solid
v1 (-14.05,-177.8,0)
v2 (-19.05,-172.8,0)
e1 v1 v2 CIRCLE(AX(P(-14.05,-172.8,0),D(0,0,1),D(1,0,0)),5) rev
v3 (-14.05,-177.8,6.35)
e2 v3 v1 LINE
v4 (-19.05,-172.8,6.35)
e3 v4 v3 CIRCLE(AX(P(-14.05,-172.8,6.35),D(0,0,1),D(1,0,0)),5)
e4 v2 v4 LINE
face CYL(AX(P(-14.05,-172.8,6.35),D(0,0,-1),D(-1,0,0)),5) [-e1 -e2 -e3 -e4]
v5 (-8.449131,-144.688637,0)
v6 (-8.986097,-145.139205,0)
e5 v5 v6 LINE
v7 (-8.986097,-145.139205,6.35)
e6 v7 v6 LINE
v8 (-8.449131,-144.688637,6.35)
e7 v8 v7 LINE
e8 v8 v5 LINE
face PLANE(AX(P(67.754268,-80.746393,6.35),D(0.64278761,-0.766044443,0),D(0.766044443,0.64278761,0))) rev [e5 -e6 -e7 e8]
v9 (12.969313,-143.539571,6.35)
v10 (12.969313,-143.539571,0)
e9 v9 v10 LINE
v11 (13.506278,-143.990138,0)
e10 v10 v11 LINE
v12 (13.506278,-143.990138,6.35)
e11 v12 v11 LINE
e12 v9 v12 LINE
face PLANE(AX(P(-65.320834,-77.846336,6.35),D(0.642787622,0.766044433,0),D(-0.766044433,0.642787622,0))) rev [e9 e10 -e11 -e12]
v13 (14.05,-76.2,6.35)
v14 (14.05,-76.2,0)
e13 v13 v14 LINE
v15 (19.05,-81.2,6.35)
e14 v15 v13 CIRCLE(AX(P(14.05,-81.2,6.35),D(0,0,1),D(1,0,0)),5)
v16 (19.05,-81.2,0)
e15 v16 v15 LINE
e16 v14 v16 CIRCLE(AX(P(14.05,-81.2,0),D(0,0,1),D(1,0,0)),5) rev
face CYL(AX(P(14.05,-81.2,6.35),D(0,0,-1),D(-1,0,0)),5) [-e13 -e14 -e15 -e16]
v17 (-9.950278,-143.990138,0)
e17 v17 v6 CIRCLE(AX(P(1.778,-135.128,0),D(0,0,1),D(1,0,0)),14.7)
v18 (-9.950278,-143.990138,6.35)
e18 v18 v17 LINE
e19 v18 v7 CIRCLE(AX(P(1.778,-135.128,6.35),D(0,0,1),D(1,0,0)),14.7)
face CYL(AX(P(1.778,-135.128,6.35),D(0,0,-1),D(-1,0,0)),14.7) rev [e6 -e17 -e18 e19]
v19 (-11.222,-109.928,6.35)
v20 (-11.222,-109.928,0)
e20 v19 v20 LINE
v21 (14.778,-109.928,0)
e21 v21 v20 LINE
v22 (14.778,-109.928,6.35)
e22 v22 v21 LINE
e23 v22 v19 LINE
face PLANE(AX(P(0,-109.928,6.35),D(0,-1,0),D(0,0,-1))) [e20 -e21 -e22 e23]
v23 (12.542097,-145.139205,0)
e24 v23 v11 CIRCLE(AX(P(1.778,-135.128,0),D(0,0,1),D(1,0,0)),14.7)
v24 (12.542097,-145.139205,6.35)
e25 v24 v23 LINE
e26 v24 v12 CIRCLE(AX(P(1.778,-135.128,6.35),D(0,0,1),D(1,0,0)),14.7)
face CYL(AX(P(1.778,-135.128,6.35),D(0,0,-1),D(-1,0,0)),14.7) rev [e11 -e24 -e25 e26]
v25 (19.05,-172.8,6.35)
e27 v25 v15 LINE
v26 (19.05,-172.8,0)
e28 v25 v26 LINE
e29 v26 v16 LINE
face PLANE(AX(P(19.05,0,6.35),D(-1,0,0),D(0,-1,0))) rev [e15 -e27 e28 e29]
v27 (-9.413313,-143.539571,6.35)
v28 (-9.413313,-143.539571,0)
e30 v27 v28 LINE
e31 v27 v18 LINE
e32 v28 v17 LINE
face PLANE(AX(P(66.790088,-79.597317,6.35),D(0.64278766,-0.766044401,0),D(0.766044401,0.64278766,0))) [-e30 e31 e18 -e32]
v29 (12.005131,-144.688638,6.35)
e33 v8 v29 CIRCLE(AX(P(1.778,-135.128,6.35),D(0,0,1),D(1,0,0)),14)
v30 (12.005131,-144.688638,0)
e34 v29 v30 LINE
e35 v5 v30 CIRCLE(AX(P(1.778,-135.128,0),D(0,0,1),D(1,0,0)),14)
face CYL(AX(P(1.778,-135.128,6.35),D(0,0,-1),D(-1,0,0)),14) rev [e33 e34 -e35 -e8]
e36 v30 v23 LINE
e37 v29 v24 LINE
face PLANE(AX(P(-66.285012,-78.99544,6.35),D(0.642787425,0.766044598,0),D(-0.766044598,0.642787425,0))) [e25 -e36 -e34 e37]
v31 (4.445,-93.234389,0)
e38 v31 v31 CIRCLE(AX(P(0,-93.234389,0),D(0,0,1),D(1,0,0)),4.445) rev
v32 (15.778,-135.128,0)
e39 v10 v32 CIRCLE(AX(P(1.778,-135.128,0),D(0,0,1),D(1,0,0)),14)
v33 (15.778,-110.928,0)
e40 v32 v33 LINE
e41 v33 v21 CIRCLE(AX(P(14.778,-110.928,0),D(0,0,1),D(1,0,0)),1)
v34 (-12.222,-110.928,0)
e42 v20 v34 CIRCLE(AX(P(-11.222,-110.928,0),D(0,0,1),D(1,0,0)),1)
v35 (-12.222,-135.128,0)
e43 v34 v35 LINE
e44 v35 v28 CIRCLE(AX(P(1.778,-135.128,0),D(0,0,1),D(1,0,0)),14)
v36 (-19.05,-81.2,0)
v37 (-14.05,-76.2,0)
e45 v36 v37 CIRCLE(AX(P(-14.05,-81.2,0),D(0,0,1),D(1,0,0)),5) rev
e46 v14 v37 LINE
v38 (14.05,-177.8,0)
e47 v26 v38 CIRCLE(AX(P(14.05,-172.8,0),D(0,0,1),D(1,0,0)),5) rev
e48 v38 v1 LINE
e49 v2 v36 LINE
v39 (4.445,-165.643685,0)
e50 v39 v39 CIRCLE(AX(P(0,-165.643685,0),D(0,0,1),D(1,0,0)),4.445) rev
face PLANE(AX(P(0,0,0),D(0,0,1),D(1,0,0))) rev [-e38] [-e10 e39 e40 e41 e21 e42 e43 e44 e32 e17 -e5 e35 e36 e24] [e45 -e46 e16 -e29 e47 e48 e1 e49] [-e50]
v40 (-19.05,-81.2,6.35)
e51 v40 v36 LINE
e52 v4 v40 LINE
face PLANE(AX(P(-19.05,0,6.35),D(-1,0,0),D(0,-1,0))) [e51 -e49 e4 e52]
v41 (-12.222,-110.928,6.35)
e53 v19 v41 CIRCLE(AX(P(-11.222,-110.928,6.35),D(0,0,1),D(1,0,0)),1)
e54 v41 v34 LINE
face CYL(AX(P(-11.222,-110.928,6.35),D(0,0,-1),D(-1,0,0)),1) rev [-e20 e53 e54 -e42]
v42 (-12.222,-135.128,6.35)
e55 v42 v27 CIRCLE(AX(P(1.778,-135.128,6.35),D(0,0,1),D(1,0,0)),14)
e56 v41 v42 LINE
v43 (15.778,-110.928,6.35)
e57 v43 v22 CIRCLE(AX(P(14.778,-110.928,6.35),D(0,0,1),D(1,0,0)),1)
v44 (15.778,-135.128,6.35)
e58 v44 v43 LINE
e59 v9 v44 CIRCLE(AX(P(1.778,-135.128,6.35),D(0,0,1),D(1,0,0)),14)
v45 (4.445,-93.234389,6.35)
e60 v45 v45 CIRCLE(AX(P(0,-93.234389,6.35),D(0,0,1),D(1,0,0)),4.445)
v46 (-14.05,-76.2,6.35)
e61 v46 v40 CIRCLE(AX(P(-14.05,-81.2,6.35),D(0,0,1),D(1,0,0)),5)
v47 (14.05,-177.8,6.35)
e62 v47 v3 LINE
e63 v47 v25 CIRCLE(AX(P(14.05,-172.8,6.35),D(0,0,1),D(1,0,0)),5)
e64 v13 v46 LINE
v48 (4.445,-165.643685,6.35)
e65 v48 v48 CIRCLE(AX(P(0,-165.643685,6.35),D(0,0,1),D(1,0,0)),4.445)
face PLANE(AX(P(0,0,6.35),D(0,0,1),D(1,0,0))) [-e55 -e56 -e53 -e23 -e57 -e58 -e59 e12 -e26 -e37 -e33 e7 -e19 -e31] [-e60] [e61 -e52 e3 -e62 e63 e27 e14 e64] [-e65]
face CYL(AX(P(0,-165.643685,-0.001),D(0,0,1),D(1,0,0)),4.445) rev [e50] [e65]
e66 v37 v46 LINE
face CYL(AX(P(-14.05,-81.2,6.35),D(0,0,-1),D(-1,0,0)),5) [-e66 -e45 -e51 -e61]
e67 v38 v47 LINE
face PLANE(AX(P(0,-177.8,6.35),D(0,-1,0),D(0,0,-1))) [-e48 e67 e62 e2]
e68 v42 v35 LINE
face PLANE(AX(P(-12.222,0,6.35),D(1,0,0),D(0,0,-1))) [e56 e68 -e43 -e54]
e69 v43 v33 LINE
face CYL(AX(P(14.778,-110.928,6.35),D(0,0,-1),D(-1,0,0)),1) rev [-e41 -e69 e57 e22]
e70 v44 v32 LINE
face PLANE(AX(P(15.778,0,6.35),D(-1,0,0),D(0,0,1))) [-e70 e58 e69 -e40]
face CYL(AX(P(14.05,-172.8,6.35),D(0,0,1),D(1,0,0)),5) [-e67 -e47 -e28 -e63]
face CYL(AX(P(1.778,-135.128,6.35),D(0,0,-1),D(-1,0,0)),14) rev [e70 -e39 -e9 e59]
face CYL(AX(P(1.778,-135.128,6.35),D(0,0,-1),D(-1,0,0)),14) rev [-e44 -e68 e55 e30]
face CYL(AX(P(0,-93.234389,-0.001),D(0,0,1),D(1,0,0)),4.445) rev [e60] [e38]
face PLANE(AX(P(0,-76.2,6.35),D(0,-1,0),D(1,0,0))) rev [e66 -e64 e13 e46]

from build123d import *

# Parameters (mm, degrees)
SKETCH1_W           = 38.1
SKETCH1_H           = 101.6
BOSS_EXTRUDE1_DEPTH = 6.35
FILLET1_R           = 5
FILLET2_R           = 5
FILLET3_R           = 5
FILLET4_R           = 5
CUT_EXTRUDE1_REACH  = 180.93
SKETCH2_R           = 4.445


with BuildPart() as part:
    # Sketch1 → Boss-Extrude1 (new body)
    with BuildSketch(Plane.XY):
        with Locations((0, -127)):
            Rectangle(SKETCH1_W, SKETCH1_H)
        with BuildLine():
            Line((-12.222, -110.928), (-12.222, -135.128))
            ThreePointArc((-12.222, -135.128), (-11.501276628, -139.562051447), (-9.413312538, -143.539570822))
            Line((-9.413312538, -143.539570822), (-9.95027795, -143.990138361))
            ThreePointArc((-9.95027795, -143.990138361), (-9.482853323, -144.576977852), (-8.986096678, -145.139204858))
            Line((-8.986096678, -145.139204858), (-8.44913124, -144.688637356))
            ThreePointArc((-8.44913124, -144.688637356), (1.777999803, -149.128000002), (12.005130971, -144.688637644))
            Line((12.005130971, -144.688637644), (12.542096526, -145.139205022))
            ThreePointArc((12.542096526, -145.139205022), (13.038853251, -144.576977937), (13.506277951, -143.99013836))
            Line((13.506277951, -143.99013836), (12.969312655, -143.539570964))
            ThreePointArc((12.969312655, -143.539570964), (15.057276792, -139.562051525), (15.77800018, -135.128))
            Line((15.77800018, -135.128), (15.77800018, -110.928))
            ThreePointArc((15.77800018, -110.928), (15.485106961, -110.220893219), (14.77800018, -109.928))
            Line((14.77800018, -109.928), (-11.222, -109.928))
            ThreePointArc((-11.222, -109.928), (-11.929106781, -110.220893219), (-12.222, -110.928))
        make_face(mode=Mode.SUBTRACT)
    extrude(amount=BOSS_EXTRUDE1_DEPTH)

    # Fillet1
    fillet1_edges = [part.edges().sort_by_distance(p)[0] for p in [
        (-19.05, -76.2, 3.175),
    ]]
    fillet(fillet1_edges, radius=FILLET1_R)

    # Fillet2
    fillet2_edges = [part.edges().sort_by_distance(p)[0] for p in [
        (19.05, -76.2, 3.175),
    ]]
    fillet(fillet2_edges, radius=FILLET2_R)

    # Fillet3
    fillet3_edges = [part.edges().sort_by_distance(p)[0] for p in [
        (19.05, -177.8, 3.175),
    ]]
    fillet(fillet3_edges, radius=FILLET3_R)

    # Fillet4
    fillet4_edges = [part.edges().sort_by_distance(p)[0] for p in [
        (-19.05, -177.8, 3.175),
    ]]
    fillet(fillet4_edges, radius=FILLET4_R)

    # Sketch2 → Cut-Extrude1 (cut, up to next)
    with BuildSketch(Plane.XY.offset(6.35), mode=Mode.PRIVATE) as cut_extrude1_sk1:
        with Locations((0, -93.234389415)):
            Circle(SKETCH2_R)
    cut_extrude1_tool1 = extrude(cut_extrude1_sk1.sketch, amount=-CUT_EXTRUDE1_REACH, mode=Mode.PRIVATE) & part.part
    # Sketch2 → Cut-Extrude1 (cut, up to next)
    with BuildSketch(Plane.XY.offset(6.35), mode=Mode.PRIVATE) as cut_extrude1_sk2:
        with Locations((0, -165.643685175)):
            Circle(SKETCH2_R)
    cut_extrude1_tool2 = extrude(cut_extrude1_sk2.sketch, amount=-CUT_EXTRUDE1_REACH, mode=Mode.PRIVATE) & part.part
    add(cut_extrude1_tool1.solids().sort_by_distance((0, -93.234389, 6.35))[0], mode=Mode.SUBTRACT)
    add(cut_extrude1_tool2.solids().sort_by_distance((0, -165.643685, 6.35))[0], mode=Mode.SUBTRACT)


solid = part.part
